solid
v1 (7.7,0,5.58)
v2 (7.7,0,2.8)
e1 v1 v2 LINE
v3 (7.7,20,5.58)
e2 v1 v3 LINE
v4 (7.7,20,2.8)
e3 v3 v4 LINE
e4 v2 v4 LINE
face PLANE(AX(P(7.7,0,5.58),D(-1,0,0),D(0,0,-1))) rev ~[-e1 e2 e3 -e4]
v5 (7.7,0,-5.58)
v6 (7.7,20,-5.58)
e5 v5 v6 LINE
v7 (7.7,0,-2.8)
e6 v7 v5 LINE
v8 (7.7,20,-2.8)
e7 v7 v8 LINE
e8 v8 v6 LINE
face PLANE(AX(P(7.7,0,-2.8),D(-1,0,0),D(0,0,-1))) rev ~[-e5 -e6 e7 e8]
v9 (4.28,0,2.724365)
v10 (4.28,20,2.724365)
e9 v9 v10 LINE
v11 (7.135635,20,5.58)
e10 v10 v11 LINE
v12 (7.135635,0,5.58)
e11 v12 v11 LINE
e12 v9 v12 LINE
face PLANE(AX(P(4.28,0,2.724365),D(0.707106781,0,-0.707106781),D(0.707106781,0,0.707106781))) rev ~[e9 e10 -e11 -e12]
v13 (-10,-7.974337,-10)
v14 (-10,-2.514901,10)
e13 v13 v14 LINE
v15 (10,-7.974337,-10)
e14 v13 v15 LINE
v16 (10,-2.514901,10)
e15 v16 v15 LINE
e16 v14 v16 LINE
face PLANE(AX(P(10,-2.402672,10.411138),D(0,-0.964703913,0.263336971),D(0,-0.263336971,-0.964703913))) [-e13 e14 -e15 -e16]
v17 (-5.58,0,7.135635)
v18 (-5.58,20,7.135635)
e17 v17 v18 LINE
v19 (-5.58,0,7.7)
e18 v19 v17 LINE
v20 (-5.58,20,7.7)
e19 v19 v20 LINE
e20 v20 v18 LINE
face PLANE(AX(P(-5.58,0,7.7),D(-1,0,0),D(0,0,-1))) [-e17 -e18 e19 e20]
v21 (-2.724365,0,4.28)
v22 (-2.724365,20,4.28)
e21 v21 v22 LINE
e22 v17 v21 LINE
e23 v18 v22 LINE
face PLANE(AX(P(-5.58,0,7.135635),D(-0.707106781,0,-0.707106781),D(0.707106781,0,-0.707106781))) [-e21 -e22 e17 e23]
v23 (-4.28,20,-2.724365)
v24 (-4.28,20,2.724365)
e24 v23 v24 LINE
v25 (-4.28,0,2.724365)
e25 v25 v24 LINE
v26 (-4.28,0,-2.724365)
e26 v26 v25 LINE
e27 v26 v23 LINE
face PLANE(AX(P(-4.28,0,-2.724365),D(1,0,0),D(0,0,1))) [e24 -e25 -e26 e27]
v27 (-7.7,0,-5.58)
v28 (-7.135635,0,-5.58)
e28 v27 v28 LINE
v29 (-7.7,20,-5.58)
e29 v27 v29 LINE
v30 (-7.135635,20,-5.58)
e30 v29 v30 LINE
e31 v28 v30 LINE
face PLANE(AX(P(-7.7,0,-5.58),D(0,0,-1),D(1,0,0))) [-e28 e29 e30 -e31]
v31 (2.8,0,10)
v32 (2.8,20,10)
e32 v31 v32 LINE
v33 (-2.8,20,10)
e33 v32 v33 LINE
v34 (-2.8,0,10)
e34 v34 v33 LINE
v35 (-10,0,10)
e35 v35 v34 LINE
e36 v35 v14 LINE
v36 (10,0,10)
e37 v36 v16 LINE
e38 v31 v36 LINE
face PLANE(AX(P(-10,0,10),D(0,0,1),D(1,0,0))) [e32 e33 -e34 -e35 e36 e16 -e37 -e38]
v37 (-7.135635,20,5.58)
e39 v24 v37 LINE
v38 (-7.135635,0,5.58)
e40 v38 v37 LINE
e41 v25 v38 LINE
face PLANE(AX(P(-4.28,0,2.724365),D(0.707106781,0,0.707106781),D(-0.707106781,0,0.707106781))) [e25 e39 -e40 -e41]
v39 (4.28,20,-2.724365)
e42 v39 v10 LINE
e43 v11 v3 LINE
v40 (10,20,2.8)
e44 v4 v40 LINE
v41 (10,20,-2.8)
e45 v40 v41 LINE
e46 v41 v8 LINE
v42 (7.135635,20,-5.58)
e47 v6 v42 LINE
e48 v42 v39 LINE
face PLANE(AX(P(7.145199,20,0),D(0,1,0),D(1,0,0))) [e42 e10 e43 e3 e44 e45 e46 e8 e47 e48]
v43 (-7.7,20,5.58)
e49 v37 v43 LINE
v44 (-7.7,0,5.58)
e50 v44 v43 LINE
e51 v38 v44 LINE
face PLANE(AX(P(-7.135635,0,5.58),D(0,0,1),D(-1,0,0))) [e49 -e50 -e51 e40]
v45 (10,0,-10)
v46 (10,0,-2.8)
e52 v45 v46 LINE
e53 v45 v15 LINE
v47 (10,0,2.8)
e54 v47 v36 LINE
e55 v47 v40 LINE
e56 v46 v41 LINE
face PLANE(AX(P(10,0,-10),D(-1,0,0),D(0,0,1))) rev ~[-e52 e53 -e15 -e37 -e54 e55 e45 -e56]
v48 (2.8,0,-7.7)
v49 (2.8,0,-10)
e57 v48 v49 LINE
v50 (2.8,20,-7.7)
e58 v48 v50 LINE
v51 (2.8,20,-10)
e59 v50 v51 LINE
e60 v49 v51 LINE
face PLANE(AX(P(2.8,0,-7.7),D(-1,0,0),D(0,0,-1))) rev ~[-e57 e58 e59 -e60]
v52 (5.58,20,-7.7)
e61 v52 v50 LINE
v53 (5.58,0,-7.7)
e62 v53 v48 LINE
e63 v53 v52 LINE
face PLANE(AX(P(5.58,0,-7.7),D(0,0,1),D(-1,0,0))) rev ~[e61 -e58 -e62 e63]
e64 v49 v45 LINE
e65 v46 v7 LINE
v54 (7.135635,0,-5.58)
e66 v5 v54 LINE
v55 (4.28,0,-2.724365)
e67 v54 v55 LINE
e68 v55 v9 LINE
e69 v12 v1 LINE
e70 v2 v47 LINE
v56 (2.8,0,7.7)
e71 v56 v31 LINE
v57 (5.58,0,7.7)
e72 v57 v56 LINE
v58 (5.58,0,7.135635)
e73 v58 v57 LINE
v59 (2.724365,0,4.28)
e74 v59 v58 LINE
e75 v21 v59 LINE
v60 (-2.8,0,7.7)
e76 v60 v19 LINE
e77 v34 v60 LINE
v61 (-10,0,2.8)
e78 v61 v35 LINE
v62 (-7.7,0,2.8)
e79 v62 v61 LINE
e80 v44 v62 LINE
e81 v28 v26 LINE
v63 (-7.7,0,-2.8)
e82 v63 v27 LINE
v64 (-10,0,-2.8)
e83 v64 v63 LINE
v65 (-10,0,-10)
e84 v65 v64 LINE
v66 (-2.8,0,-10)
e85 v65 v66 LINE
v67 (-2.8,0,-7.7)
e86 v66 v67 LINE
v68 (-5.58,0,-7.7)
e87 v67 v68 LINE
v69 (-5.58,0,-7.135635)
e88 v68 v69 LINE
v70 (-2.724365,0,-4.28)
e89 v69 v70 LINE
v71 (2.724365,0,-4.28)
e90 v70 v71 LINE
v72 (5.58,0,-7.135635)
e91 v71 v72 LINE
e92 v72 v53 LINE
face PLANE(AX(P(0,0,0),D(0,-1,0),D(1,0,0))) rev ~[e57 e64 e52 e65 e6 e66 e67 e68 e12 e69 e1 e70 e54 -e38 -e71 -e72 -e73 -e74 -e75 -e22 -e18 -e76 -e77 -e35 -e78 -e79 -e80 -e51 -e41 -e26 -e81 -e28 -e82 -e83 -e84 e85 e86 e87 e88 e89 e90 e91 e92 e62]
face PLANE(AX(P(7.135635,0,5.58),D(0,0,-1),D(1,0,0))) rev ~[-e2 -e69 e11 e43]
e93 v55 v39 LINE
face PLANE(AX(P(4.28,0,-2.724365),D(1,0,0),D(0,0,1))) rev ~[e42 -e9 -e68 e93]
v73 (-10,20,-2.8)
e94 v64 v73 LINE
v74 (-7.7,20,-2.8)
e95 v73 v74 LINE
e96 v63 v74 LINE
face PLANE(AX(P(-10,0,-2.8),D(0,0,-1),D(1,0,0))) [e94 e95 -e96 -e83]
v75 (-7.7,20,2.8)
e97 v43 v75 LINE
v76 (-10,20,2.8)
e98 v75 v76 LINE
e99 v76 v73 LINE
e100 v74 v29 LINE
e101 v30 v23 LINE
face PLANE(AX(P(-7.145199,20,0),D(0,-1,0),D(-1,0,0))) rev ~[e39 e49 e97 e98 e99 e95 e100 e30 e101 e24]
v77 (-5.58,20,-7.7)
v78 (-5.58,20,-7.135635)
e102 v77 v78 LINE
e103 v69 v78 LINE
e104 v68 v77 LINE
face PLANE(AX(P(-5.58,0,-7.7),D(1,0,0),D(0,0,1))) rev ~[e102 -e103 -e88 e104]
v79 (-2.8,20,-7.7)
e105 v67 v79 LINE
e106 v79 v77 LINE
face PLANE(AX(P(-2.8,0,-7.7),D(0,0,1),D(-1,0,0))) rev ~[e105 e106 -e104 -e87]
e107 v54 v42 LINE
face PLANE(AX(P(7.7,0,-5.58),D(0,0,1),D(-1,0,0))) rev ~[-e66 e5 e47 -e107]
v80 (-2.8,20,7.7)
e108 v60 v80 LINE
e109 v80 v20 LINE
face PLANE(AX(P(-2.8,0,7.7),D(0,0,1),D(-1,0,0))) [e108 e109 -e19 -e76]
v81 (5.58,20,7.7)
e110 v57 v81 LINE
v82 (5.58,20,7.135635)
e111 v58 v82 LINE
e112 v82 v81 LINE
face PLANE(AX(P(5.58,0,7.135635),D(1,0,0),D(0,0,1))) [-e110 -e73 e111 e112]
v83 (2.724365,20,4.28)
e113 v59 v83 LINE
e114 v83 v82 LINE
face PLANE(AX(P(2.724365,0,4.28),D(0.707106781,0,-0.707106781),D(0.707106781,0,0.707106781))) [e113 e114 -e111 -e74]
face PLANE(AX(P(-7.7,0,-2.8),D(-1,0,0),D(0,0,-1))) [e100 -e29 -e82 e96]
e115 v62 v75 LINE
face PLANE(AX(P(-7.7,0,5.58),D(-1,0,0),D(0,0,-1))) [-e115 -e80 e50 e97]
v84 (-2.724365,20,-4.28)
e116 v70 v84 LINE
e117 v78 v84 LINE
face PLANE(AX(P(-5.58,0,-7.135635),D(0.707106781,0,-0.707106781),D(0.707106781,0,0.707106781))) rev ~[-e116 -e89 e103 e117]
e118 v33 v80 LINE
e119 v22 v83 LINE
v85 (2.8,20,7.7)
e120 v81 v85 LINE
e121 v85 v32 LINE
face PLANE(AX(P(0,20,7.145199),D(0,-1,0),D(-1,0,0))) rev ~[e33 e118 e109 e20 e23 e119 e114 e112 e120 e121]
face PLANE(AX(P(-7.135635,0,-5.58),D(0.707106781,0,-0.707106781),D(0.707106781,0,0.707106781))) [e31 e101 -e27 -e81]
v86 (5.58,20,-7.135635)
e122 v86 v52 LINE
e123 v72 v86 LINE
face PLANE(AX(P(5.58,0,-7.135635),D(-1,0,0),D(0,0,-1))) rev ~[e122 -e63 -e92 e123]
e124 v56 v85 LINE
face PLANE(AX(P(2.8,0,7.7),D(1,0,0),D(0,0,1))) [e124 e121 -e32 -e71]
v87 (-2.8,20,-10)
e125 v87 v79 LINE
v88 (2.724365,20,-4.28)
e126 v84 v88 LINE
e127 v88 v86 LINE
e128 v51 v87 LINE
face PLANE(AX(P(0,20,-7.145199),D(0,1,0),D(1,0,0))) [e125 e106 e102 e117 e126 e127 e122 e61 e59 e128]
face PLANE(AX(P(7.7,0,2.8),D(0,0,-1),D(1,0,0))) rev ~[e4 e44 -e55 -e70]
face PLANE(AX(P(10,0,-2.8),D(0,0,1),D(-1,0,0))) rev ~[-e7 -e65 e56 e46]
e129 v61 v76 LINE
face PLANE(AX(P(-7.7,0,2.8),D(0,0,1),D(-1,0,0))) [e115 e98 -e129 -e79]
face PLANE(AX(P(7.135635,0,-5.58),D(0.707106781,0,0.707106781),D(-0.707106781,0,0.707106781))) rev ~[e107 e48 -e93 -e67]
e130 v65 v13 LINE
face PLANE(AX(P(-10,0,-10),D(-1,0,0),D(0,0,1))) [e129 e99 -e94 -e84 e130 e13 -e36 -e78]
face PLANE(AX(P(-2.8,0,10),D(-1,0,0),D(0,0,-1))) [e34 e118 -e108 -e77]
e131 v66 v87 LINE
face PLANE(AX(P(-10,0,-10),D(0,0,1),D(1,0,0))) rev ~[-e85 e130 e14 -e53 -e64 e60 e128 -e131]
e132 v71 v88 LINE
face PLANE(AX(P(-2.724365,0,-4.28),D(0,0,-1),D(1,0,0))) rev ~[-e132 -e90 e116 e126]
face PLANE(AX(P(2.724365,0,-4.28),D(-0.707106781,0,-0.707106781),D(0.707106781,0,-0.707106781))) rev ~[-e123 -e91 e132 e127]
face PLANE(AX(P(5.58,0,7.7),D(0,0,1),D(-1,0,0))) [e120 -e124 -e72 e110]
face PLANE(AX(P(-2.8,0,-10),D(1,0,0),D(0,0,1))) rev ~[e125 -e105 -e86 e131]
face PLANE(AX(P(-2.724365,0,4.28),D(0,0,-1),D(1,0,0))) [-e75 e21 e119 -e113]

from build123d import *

# Parameters (mm, degrees)
BOSS_EXTRUDE1_DEPTH   = 20
BOSS_EXTRUDE1_2_DEPTH = 20
BOSS_EXTRUDE1_3_DEPTH = 20
BOSS_EXTRUDE1_4_DEPTH = 20
SKETCH2_W             = 20
SKETCH2_H             = 20
BOSS_EXTRUDE2_DEPTH   = 20
CUT_EXTRUDE1_DEPTH    = 31


with BuildPart() as part:
    # Sketch1 → Boss-Extrude1 (new body)
    with BuildSketch(Plane(origin=(0, 0, 0), x_dir=(1, 0, 0), z_dir=(0, 1, 0))):
        Polygon((-10, -2.8), (-10, 2.8), (-7.7, 2.8), (-7.7, 5.58), (-7.135634919, 5.58), (-4.28, 2.724365081), (-4.28, -2.724365081), (-7.135634919, -5.58), (-7.7, -5.58), (-7.7, -2.8), align=None)
    extrude(amount=BOSS_EXTRUDE1_DEPTH)



with BuildPart() as body_2:
    # Sketch1 → Boss-Extrude1 2 (new body)
    with BuildSketch(Plane(origin=(0, 0, 0), x_dir=(1, 0, 0), z_dir=(0, 1, 0))):
        Polygon((10, 2.8), (7.7, 2.8), (7.7, 5.58), (7.135634919, 5.58), (4.28, 2.724365081), (4.28, -2.724365081), (7.135634919, -5.58), (7.7, -5.58), (7.7, -2.8), (10, -2.8), align=None)
    extrude(amount=BOSS_EXTRUDE1_2_DEPTH)


with BuildPart() as body_3:
    # Sketch1 → Boss-Extrude1 3 (new body)
    with BuildSketch(Plane(origin=(0, 0, 0), x_dir=(1, 0, 0), z_dir=(0, 1, 0))):
        Polygon((2.8, -10), (-2.8, -10), (-2.8, -7.7), (-5.58, -7.7), (-5.58, -7.135634919), (-2.724365081, -4.28), (2.724365081, -4.28), (5.58, -7.135634919), (5.58, -7.7), (2.8, -7.7), align=None)
    extrude(amount=BOSS_EXTRUDE1_3_DEPTH)


with BuildPart() as body_4:
    # Sketch1 → Boss-Extrude1 4 (new body)
    with BuildSketch(Plane(origin=(0, 0, 0), x_dir=(1, 0, 0), z_dir=(0, 1, 0))):
        Polygon((-2.8, 10), (-2.8, 7.7), (-5.58, 7.7), (-5.58, 7.135634919), (-2.724365081, 4.28), (2.724365081, 4.28), (5.58, 7.135634919), (5.58, 7.7), (2.8, 7.7), (2.8, 10), align=None)
    extrude(amount=BOSS_EXTRUDE1_4_DEPTH)


with BuildPart() as part_1:
    add(part.part)

    add(body_2.part)  # Boss-Extrude2 merges body 2

    add(body_3.part)  # Boss-Extrude2 merges body 3

    add(body_4.part)  # Boss-Extrude2 merges body 4
    # Sketch2 → Boss-Extrude2 (add)
    with BuildSketch(Plane.XZ):
        Rectangle(SKETCH2_W, SKETCH2_H)
    extrude(amount=BOSS_EXTRUDE2_DEPTH)

    # Sketch3 → Cut-Extrude1 (cut, through all)
    with BuildSketch(Plane(origin=(10, 0, 0), x_dir=(0, 0, -1), z_dir=(1, 0, 0))):
        Polygon((10.596673941, -8.137212268), (10.596673941, -38.345549702), (-10.411138478, -38.345549702), (-10.411138478, -2.402671747), align=None)
    extrude(amount=-CUT_EXTRUDE1_DEPTH, mode=Mode.SUBTRACT)


solid = part_1.part
